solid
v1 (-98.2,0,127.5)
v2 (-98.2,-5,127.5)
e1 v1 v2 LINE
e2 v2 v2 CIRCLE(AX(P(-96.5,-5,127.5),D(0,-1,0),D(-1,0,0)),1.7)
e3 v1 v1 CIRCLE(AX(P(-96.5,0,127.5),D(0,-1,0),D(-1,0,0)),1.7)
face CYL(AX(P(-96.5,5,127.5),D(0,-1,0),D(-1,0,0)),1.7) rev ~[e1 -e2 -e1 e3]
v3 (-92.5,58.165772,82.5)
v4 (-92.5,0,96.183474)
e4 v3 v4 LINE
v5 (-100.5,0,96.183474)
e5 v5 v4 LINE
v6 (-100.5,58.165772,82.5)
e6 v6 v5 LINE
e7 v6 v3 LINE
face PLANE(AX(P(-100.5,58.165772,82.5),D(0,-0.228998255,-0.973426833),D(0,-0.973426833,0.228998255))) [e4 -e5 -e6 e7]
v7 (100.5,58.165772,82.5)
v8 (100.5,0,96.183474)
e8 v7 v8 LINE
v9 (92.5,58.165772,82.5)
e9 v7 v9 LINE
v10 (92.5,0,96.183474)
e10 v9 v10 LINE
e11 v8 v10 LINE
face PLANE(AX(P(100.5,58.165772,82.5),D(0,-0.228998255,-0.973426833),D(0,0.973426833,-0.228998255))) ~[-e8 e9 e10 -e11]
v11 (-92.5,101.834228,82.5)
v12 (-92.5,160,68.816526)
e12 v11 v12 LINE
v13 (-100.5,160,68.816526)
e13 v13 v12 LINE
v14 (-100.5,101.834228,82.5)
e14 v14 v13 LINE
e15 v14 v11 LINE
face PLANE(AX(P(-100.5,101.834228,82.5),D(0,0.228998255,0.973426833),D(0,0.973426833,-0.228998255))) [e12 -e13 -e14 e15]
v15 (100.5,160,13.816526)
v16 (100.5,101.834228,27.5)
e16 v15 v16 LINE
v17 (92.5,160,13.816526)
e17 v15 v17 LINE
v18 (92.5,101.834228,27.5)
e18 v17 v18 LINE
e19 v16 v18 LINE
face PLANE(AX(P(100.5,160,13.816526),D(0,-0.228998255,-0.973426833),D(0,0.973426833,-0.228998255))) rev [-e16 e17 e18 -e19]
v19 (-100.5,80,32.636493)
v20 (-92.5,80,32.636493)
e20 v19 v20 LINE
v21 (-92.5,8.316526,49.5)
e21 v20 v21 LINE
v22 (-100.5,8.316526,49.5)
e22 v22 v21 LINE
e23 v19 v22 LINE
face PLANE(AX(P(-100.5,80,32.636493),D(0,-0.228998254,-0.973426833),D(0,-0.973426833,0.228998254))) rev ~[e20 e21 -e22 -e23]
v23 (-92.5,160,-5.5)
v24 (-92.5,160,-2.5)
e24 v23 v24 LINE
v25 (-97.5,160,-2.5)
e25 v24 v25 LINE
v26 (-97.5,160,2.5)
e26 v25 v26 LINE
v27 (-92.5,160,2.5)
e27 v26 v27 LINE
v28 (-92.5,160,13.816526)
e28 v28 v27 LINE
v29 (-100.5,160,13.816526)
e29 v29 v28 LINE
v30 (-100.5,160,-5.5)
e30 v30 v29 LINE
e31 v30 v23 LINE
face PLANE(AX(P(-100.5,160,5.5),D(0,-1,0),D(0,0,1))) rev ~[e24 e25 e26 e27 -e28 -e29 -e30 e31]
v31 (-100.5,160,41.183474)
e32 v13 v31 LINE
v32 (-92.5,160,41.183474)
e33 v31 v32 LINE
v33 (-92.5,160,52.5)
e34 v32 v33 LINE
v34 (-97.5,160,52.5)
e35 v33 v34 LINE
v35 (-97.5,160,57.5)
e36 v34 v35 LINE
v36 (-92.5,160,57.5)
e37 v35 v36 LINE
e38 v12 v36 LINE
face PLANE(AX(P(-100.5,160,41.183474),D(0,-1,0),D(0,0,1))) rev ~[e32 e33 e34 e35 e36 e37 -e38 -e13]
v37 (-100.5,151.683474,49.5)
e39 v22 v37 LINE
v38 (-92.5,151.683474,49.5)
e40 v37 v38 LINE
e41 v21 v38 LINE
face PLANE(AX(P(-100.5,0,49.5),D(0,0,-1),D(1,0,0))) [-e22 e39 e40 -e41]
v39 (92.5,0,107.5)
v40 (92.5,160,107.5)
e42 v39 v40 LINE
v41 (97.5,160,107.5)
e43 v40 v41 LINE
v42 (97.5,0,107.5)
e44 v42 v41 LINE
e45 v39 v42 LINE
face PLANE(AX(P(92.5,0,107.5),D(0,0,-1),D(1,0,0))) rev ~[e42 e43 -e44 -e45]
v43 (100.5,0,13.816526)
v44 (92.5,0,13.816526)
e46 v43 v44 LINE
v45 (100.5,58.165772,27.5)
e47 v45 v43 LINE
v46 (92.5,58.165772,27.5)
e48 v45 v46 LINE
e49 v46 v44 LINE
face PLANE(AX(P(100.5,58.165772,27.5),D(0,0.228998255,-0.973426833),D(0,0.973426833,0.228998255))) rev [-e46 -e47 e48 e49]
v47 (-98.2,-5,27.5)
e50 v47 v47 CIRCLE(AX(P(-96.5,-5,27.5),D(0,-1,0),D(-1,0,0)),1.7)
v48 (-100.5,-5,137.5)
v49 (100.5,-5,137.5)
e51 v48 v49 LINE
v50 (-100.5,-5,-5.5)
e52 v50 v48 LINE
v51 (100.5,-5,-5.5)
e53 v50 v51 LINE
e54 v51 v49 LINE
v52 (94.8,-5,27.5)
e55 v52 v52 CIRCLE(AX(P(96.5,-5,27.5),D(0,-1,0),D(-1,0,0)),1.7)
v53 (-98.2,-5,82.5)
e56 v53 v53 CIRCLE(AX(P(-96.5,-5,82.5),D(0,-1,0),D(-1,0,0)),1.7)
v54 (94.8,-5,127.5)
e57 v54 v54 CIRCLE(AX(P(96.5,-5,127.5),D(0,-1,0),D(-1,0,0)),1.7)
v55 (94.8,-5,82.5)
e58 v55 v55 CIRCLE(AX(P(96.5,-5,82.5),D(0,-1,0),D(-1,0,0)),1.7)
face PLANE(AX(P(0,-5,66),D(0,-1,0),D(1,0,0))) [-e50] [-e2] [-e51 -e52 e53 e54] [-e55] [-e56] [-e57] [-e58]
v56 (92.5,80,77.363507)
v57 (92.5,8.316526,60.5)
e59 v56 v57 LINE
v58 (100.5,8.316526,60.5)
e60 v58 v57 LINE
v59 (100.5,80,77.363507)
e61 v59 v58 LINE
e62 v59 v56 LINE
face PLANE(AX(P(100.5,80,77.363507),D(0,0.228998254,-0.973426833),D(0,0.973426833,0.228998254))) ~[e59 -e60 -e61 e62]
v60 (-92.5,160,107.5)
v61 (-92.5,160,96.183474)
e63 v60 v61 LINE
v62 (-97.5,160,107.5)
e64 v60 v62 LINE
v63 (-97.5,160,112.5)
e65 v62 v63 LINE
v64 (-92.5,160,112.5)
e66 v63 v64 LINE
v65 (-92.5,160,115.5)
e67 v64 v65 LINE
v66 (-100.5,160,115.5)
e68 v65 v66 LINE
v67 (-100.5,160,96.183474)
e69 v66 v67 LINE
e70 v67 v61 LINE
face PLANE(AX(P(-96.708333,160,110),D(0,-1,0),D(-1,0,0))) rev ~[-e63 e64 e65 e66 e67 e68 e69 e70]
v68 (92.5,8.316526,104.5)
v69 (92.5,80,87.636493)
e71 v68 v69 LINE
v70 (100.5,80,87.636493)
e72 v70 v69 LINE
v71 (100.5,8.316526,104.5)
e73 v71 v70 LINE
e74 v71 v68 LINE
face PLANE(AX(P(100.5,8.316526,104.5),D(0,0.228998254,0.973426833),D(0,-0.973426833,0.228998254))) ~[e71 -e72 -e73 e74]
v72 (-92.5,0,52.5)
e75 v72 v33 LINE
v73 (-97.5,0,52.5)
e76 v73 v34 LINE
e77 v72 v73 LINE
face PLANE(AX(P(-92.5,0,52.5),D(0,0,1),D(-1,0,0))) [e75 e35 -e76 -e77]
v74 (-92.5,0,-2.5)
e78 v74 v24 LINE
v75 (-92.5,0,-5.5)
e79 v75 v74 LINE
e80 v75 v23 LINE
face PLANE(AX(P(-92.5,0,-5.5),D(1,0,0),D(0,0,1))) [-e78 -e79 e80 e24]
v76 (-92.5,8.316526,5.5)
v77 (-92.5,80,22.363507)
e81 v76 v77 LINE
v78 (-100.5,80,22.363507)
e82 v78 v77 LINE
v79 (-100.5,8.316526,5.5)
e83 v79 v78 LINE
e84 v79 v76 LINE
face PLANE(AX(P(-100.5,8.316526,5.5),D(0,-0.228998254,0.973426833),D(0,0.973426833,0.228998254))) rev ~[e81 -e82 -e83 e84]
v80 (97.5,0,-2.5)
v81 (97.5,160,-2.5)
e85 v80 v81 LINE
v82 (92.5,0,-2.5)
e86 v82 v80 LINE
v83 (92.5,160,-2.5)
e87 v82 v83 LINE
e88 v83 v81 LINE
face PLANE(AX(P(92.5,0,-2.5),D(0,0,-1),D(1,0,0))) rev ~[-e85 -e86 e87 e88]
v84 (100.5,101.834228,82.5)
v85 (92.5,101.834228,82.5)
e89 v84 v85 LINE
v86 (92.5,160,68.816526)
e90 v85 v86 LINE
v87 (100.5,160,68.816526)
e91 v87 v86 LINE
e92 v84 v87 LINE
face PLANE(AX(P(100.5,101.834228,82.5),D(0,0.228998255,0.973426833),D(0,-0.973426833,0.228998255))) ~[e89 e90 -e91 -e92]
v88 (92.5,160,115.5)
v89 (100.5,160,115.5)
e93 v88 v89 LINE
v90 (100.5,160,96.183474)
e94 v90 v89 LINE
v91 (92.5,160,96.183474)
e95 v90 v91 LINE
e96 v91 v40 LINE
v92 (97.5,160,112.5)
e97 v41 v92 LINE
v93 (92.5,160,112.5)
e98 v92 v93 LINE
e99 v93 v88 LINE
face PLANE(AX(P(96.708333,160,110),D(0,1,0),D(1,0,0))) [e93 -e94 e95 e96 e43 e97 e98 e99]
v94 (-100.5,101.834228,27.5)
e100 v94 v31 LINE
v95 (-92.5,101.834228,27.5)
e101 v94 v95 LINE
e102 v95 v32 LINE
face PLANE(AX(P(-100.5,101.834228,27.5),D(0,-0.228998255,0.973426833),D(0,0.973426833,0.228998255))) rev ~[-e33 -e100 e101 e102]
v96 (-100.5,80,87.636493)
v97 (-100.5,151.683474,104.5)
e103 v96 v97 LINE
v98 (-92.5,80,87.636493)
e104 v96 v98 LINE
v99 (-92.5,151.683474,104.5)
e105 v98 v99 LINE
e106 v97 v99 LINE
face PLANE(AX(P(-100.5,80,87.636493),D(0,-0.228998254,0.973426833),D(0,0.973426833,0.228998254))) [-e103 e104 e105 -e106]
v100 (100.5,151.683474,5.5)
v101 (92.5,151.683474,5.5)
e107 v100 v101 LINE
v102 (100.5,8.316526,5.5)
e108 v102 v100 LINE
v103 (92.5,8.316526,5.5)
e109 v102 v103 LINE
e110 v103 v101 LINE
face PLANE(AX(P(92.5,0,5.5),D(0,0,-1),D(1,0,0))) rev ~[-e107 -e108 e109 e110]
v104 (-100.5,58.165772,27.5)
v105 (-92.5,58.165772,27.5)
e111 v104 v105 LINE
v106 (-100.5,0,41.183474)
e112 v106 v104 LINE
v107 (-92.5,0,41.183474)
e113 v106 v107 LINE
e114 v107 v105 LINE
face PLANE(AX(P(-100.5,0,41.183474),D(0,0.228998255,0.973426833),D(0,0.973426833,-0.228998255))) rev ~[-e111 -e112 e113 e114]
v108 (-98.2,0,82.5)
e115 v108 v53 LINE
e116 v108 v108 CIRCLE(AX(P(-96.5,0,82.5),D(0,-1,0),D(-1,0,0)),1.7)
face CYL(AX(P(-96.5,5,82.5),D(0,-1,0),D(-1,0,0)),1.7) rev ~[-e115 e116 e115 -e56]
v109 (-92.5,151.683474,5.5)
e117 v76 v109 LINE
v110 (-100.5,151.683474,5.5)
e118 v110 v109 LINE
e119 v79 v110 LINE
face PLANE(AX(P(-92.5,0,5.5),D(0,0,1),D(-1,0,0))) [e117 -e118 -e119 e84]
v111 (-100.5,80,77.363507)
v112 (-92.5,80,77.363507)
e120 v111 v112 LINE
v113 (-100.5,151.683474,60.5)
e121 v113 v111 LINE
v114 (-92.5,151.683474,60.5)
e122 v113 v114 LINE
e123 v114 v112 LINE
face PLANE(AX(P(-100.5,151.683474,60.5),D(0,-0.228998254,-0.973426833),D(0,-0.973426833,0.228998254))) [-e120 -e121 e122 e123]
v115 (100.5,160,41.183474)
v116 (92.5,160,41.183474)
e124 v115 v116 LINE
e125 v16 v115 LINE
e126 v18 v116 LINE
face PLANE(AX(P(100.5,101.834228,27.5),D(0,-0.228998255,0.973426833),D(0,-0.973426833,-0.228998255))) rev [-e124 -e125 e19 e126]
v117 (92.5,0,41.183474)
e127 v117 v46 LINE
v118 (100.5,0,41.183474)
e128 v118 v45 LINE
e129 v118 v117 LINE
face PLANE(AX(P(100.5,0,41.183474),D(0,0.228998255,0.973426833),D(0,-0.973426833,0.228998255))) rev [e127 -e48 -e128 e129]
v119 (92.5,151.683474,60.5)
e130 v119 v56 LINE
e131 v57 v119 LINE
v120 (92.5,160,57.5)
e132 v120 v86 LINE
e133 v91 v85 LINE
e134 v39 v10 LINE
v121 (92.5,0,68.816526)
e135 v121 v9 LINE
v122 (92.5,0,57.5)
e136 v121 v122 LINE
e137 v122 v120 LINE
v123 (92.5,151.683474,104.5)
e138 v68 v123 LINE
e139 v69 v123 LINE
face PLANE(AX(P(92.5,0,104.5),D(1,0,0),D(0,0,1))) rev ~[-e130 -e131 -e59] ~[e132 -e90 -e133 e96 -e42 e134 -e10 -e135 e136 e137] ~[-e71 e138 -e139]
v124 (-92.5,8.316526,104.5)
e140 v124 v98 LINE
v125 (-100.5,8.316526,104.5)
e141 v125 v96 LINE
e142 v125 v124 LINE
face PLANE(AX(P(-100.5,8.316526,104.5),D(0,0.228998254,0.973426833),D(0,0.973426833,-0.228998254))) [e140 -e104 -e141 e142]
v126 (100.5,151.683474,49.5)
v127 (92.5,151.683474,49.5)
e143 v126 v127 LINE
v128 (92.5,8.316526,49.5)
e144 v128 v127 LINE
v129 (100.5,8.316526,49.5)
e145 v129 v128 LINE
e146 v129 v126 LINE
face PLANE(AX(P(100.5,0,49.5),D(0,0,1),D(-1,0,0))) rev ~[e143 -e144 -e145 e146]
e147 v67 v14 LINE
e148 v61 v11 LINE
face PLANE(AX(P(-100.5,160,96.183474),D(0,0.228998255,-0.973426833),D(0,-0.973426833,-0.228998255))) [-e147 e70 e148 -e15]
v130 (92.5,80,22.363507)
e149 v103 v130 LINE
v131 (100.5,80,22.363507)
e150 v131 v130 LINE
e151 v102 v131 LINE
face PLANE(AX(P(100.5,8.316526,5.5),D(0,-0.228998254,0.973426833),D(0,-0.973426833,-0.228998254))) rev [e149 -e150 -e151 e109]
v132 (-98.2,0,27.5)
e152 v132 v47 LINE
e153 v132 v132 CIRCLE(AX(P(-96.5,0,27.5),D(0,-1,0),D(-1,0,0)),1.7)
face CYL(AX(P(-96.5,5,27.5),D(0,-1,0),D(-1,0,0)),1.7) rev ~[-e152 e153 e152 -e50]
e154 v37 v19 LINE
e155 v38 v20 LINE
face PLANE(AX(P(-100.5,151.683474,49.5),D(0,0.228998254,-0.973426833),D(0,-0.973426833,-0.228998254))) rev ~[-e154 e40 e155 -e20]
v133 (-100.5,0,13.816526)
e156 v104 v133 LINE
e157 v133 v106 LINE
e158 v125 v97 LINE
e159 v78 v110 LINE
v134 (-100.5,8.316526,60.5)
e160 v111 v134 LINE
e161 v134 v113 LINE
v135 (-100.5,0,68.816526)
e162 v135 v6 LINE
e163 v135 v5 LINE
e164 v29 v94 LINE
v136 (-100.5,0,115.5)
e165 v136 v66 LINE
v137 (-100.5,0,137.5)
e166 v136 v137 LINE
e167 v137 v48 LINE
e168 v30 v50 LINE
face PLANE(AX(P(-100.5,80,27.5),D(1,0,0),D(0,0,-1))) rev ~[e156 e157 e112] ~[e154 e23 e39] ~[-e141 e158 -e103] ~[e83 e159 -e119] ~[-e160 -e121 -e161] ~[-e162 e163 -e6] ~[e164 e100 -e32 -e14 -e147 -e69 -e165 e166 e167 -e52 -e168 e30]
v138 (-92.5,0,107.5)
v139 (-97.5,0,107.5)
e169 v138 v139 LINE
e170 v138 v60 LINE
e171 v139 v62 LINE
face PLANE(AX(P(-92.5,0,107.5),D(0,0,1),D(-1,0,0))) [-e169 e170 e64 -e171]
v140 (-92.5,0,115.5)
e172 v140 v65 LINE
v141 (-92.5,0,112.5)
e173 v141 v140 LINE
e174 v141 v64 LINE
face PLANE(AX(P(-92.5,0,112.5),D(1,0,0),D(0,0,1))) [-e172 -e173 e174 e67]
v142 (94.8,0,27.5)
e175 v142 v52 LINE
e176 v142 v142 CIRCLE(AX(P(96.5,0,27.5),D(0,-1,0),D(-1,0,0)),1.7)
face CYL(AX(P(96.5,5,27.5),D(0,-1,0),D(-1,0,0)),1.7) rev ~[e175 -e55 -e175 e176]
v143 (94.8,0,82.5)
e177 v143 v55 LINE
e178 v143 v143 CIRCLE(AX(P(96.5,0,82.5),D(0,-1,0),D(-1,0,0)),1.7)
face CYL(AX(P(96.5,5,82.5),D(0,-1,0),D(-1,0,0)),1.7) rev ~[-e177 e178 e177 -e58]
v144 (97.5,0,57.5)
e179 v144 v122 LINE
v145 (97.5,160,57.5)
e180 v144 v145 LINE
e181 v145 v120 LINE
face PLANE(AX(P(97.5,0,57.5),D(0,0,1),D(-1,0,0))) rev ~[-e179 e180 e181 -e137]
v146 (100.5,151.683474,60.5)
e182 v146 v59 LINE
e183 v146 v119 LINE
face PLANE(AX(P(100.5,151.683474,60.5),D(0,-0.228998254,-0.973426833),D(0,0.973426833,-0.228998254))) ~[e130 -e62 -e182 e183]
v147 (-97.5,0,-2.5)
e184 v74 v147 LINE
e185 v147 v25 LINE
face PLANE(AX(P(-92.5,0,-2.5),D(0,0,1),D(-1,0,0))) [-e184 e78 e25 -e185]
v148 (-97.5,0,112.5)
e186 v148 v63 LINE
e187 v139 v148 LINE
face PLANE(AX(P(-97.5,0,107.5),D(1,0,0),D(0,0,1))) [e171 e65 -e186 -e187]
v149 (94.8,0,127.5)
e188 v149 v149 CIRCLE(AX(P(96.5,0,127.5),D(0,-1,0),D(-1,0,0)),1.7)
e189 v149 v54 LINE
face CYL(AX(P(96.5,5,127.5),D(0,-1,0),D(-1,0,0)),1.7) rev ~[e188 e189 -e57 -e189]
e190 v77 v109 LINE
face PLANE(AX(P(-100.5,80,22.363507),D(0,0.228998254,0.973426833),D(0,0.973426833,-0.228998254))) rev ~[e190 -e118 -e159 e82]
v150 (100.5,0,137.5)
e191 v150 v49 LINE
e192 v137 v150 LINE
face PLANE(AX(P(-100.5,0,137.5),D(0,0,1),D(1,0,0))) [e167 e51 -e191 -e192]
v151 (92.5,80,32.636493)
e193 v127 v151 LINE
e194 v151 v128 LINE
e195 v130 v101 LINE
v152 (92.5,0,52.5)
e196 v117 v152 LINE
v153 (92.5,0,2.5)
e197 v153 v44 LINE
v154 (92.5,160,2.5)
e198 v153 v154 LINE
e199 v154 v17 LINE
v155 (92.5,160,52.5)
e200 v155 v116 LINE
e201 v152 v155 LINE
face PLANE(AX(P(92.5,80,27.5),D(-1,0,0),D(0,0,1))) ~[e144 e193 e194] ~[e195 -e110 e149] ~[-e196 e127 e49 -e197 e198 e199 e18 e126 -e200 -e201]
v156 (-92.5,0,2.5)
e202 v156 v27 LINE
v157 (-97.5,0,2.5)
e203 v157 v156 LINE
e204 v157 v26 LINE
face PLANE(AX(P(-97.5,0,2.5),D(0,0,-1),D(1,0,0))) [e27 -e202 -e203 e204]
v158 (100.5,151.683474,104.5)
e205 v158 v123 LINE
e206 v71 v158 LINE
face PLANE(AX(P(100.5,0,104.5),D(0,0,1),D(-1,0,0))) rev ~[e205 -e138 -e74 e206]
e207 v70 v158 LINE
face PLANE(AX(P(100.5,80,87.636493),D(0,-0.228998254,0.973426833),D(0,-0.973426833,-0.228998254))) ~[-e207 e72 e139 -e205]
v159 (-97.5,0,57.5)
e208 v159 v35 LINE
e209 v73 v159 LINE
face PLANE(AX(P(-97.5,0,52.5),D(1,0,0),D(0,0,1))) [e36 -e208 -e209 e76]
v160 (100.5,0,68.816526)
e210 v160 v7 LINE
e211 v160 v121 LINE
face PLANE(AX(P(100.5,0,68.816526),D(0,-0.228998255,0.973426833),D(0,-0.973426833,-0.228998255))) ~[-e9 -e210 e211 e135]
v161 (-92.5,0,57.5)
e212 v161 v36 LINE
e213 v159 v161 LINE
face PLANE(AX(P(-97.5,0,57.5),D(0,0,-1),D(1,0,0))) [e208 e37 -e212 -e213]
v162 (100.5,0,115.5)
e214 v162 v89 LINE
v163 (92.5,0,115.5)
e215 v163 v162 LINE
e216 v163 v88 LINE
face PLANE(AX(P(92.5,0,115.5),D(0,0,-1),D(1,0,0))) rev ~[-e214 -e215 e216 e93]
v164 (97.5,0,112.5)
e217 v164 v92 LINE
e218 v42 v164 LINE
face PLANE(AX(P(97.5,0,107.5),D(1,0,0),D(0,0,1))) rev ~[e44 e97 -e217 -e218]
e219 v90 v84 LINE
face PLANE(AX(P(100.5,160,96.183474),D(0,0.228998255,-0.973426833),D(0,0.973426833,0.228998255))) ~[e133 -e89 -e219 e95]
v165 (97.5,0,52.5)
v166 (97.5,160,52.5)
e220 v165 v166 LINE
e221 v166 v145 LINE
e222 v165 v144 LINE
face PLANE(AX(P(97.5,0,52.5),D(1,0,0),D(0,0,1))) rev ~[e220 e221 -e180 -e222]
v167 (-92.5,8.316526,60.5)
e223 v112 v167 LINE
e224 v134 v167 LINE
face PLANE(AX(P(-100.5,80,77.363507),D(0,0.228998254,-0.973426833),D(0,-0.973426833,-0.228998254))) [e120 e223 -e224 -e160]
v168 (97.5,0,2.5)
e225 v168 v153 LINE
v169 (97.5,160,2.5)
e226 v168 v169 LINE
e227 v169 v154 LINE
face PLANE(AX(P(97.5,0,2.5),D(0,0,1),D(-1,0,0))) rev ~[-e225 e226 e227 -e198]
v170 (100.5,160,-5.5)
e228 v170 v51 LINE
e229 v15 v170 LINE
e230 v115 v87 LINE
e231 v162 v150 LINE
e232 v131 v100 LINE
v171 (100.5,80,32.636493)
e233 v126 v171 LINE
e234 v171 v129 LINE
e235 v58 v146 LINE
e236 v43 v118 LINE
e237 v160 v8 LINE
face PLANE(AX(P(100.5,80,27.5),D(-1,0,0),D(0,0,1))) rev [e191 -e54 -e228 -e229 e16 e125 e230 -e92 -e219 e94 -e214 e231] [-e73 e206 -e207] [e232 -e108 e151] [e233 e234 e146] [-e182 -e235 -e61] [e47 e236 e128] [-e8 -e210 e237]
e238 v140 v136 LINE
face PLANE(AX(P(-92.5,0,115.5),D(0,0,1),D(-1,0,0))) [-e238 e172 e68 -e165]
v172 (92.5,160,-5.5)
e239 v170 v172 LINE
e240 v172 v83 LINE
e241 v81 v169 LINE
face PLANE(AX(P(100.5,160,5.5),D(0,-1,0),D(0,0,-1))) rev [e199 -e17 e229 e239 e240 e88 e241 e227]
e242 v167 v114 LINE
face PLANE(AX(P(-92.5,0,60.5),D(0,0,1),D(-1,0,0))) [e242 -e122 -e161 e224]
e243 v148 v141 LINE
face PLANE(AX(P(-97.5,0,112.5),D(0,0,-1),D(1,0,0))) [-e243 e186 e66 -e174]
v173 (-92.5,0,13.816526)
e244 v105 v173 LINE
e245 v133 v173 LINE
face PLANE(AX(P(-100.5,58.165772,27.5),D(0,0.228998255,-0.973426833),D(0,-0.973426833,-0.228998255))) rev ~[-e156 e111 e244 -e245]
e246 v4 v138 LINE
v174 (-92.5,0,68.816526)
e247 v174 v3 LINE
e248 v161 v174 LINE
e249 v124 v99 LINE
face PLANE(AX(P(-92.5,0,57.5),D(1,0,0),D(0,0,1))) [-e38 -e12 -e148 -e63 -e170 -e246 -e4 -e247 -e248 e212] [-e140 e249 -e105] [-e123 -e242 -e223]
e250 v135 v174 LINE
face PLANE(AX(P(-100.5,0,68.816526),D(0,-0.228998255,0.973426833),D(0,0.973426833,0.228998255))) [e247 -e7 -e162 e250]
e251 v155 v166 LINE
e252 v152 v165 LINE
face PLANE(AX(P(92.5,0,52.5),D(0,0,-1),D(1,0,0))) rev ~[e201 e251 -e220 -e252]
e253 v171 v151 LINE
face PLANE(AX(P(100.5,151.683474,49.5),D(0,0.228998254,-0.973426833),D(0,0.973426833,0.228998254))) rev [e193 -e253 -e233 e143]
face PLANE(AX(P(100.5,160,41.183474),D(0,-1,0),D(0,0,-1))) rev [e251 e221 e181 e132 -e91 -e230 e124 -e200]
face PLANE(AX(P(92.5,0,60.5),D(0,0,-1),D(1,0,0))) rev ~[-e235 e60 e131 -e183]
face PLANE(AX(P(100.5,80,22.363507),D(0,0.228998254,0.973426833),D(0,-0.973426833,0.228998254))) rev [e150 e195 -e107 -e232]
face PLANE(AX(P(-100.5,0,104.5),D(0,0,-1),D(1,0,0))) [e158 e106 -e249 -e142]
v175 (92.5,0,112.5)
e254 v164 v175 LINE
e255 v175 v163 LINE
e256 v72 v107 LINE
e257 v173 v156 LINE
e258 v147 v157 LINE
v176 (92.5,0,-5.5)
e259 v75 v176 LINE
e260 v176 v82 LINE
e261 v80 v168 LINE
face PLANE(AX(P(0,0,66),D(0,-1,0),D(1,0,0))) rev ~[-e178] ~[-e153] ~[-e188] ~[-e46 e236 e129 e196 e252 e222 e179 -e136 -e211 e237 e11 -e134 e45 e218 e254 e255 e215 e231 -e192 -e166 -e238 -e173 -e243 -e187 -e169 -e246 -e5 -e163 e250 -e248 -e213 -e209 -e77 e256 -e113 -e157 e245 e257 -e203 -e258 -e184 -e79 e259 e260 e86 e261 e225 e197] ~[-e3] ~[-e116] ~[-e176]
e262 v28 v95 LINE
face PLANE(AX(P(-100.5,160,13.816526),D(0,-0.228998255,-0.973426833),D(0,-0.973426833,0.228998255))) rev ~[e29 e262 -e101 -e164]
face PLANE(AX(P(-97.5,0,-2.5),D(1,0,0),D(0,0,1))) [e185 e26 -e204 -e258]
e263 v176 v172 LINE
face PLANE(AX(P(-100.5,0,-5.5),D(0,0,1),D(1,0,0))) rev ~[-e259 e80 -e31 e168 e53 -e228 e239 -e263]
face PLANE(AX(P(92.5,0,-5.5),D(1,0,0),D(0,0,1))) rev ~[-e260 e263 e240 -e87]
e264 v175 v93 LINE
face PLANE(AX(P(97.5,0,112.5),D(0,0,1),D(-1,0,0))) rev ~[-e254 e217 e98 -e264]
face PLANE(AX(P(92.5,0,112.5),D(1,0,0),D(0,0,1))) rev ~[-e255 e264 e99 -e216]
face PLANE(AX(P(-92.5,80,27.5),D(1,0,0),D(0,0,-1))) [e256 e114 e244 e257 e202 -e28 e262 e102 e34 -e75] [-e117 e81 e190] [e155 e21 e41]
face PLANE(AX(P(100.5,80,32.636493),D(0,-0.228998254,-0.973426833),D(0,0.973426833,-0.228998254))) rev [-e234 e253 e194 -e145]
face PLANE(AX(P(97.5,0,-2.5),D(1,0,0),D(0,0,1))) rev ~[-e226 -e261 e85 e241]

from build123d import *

# Parameters (mm, degrees)
BOSS_EXTRUDE1_DEPTH      = 160
BOSS_EXTRUDE1_2_DEPTH    = 160
LPATTERN1_COUNT          = 3
LPATTERN1_PITCH          = 55
SKETCH2_W                = 201
SKETCH2_H                = 143
BOSS_EXTRUDE2_DEPTH      = 5
BOSS_EXTRUDE3_DEPTH      = 8
M3_CLEARANCE_HOLE1_D     = 3.4
M3_CLEARANCE_HOLE1_DEPTH = 5


with BuildPart() as part:
    # Sketch1 → Boss-Extrude1 (new body)
    with BuildSketch(Plane(origin=(0, 0, 0), x_dir=(1, 0, 0), z_dir=(0, 1, 0))):
        Polygon((-100.5, 5.5), (-92.5, 5.5), (-92.5, 2.5), (-97.5, 2.5), (-97.5, -2.5), (-92.5, -2.5), (-92.5, -5.5), (-100.5, -5.5), align=None)
    boss_extrude1 = extrude(amount=BOSS_EXTRUDE1_DEPTH)



with BuildPart() as body_2:
    # Sketch1 → Boss-Extrude1 2 (new body)
    with BuildSketch(Plane(origin=(0, 0, 0), x_dir=(1, 0, 0), z_dir=(0, 1, 0))):
        Polygon((100.5, -5.5), (100.5, 5.5), (92.5, 5.5), (92.5, 2.5), (97.5, 2.5), (97.5, -2.5), (92.5, -2.5), (92.5, -5.5), align=None)
    boss_extrude1_2 = extrude(amount=BOSS_EXTRUDE1_2_DEPTH)


with BuildPart() as lpattern1_1:
    # LPattern1: pattern copy
    add(boss_extrude1.moved(Location(Vector(0, 0, 1) * (1 * LPATTERN1_PITCH))))


with BuildPart() as lpattern1_2:
    # LPattern1: pattern copy
    add(boss_extrude1.moved(Location(Vector(0, 0, 1) * (2 * LPATTERN1_PITCH))))


with BuildPart() as lpattern1_3:
    # LPattern1: pattern copy
    add(boss_extrude1_2.moved(Location(Vector(0, 0, 1) * (1 * LPATTERN1_PITCH))))


with BuildPart() as lpattern1_4:
    # LPattern1: pattern copy
    add(boss_extrude1_2.moved(Location(Vector(0, 0, 1) * (2 * LPATTERN1_PITCH))))


with BuildPart() as part_1:
    add(part.part)

    add(body_2.part)  # Boss-Extrude2 merges body 2

    add(lpattern1_1.part)  # Boss-Extrude2 merges LPattern1_1

    add(lpattern1_2.part)  # Boss-Extrude2 merges LPattern1_2

    add(lpattern1_3.part)  # Boss-Extrude2 merges LPattern1_3

    add(lpattern1_4.part)  # Boss-Extrude2 merges LPattern1_4
    # Sketch2 → Boss-Extrude2 (add)
    with BuildSketch(Plane.XZ):
        with Locations((0, 66)):
            Rectangle(SKETCH2_W, SKETCH2_H)
    extrude(amount=BOSS_EXTRUDE2_DEPTH)

    # Sketch3 → Boss-Extrude3 (add)
    with BuildSketch(Plane.ZY.offset(100.5)):
        Polygon((5.5, 160), (13.816526412, 160), (27.5, 101.834227561), (41.183473588, 160), (49.5, 160), (49.5, 151.683473588), (32.636492883, 80), (49.5, 8.316526412), (49.5, 0), (41.183473588, 0), (27.5, 58.165772439), (13.816526412, 0), (5.5, 0), (5.5, 8.316526412), (22.363507117, 80), (5.5, 151.683473588), align=None)
        Polygon((104.5, 151.683473588), (104.5, 160), (96.183473588, 160), (82.5, 101.834227561), (68.816526412, 160), (60.5, 160), (60.5, 151.683473588), (77.363507117, 80), (60.5, 8.316526412), (60.5, 0), (68.816526412, 0), (82.5, 58.165772439), (96.183473588, 0), (104.5, 0), (104.5, 8.316526412), (87.636492883, 80), align=None)
    boss_extrude3 = extrude(amount=-BOSS_EXTRUDE3_DEPTH)

    # Mirror1: Boss-Extrude3 across plane
    add(boss_extrude3.mirror(Plane(origin=(0, 0, 0), x_dir=(0, 0, 1), z_dir=(1, 0, 0))))

    # M3 Clearance Hole1
    with Locations(Plane(origin=(0, 0, 0), x_dir=(1, 0, 0), z_dir=(0, 1, 0))):
        with Locations((-96.5, -27.5), (-96.5, -82.5), (96.5, -82.5), (96.5, -27.5), (-96.5, -127.5), (96.5, -127.5)):
            Hole(M3_CLEARANCE_HOLE1_D / 2, depth=M3_CLEARANCE_HOLE1_DEPTH)


solid = part_1.part
